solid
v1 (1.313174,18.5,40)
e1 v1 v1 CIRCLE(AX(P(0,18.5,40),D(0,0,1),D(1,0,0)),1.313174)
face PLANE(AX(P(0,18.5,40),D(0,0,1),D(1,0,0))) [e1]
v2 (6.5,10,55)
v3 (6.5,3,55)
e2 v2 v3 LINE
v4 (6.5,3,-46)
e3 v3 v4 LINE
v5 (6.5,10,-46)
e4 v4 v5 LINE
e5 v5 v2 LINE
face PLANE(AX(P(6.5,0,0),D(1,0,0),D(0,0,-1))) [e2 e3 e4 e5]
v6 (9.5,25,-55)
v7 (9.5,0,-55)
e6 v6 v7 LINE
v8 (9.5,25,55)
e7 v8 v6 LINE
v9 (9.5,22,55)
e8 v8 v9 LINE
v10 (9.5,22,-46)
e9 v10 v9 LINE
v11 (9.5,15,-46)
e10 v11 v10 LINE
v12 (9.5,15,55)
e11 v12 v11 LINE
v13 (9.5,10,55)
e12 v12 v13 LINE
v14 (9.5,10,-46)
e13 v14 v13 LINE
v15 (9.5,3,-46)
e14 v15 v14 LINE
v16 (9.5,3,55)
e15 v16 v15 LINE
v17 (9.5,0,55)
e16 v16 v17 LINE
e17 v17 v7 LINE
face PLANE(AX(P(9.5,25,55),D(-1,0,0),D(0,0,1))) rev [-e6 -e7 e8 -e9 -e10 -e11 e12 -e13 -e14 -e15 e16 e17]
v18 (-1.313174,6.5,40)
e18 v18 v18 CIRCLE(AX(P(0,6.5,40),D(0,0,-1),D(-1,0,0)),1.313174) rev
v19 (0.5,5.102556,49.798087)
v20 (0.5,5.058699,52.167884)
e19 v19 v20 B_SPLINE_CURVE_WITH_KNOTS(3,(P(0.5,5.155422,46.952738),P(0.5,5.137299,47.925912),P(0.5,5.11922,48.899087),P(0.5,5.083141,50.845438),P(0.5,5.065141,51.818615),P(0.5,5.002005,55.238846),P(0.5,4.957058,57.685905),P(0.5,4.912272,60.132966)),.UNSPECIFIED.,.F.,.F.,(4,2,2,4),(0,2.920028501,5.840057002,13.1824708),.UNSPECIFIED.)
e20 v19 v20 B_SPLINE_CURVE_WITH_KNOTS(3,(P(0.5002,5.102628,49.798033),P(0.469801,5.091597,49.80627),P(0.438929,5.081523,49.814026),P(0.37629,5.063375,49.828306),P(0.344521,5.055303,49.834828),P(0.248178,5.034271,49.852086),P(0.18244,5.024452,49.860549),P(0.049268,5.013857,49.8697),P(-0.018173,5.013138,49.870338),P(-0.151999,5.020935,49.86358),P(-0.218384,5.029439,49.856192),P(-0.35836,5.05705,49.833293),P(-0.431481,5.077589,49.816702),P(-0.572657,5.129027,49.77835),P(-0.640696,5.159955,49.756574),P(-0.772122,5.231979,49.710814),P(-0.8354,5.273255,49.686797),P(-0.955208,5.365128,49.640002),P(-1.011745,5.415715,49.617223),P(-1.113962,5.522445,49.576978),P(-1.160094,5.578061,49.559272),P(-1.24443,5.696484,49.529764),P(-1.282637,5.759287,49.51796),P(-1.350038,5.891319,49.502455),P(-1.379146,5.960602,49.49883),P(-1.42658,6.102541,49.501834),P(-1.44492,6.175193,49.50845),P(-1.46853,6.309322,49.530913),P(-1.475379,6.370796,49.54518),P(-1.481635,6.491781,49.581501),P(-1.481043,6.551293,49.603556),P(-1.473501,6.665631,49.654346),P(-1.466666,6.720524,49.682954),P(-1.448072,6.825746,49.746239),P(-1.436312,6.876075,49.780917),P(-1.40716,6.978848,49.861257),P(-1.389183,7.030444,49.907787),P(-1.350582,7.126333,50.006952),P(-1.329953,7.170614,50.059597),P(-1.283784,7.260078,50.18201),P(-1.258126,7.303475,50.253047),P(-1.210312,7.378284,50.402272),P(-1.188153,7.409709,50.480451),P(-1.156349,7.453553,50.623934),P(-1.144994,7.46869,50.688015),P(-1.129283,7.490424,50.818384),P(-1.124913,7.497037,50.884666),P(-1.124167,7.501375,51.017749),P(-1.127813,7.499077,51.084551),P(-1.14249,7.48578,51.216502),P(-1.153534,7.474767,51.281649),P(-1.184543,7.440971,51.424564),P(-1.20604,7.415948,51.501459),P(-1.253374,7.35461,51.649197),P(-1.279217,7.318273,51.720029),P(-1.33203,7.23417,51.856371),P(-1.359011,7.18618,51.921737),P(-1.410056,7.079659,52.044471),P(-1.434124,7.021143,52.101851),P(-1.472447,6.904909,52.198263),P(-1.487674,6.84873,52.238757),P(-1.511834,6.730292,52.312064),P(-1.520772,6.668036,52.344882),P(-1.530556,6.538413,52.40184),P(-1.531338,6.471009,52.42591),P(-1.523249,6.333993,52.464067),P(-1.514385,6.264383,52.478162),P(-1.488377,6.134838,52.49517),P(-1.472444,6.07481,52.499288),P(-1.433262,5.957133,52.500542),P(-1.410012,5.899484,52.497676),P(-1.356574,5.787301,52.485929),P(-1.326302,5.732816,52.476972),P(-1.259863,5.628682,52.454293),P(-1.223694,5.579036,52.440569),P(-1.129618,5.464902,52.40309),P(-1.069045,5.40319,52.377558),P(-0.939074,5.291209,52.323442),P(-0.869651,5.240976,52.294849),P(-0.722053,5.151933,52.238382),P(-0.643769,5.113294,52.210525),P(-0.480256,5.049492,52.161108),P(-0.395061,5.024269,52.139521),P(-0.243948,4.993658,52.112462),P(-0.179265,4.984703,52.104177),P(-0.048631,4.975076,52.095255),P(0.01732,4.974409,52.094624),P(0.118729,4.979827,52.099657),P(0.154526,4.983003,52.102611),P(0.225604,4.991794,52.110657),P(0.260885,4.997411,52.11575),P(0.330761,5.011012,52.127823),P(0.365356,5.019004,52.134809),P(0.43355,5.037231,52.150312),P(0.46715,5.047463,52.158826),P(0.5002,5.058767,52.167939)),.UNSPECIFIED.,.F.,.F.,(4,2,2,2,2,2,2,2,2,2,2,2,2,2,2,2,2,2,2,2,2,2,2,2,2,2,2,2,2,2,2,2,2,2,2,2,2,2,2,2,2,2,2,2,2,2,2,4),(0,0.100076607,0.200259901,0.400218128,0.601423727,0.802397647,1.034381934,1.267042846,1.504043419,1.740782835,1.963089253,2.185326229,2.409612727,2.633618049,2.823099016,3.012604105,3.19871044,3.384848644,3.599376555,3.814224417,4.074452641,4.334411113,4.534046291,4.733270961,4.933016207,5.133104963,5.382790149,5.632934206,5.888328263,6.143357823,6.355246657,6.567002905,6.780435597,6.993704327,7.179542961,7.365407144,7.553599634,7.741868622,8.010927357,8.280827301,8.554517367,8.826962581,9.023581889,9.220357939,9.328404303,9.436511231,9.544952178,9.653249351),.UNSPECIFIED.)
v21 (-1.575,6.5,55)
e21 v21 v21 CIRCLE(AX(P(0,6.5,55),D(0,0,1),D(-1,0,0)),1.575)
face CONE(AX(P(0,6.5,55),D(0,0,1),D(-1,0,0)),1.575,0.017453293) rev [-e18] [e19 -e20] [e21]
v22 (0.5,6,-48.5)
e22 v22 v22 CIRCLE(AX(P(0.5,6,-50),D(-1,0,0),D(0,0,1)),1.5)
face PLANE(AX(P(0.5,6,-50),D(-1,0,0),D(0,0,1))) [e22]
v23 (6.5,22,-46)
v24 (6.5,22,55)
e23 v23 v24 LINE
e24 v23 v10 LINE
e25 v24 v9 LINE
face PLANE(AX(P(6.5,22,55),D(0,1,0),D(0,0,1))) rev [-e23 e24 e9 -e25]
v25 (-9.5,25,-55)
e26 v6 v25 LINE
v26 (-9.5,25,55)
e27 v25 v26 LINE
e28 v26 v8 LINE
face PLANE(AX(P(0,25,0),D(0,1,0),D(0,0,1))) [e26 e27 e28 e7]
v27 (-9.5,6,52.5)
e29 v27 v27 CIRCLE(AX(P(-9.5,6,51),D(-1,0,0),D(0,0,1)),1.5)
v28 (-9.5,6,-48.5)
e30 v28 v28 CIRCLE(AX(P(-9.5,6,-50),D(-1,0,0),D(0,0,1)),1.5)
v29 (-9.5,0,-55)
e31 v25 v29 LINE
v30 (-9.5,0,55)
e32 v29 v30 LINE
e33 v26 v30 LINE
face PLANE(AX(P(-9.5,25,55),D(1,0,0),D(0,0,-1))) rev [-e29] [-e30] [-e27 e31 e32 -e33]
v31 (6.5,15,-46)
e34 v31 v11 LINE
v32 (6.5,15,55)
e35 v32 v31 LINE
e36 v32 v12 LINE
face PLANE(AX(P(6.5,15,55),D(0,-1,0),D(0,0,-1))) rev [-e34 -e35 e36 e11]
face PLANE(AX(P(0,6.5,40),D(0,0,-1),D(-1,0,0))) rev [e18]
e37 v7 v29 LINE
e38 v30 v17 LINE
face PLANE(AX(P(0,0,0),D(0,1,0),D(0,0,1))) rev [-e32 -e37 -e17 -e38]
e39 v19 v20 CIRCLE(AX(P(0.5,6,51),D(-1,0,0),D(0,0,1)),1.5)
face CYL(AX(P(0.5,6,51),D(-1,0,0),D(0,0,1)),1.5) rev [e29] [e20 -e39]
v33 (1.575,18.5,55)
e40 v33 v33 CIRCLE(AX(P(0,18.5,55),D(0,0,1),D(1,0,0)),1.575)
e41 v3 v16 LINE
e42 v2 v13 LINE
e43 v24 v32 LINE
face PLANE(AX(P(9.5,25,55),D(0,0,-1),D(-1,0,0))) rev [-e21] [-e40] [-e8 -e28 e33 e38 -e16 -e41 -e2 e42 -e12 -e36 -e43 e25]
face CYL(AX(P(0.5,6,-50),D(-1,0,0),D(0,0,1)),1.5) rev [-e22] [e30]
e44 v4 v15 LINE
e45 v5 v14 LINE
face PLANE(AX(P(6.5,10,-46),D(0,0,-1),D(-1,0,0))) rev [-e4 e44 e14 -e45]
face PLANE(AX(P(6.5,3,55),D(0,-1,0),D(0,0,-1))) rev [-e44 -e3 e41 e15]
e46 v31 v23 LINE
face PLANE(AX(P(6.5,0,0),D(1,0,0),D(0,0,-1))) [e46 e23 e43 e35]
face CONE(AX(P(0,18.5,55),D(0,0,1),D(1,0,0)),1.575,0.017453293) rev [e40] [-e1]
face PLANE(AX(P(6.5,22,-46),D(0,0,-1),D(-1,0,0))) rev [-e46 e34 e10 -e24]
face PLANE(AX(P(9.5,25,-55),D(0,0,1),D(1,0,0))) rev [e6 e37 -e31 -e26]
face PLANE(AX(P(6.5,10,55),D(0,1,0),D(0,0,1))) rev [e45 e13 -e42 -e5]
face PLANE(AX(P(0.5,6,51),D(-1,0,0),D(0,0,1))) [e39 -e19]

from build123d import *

# Parameters (mm, degrees)
SKETCH1_W                    = 19
SKETCH1_H                    = 110
BLOCK_DEPTH                  = 25
SKETCH2_W                    = 101
SKETCH2_H                    = 7
SLIDES_DEPTH                 = 3
SKETCH3_R                    = 1.5
MOUNTING_HOLES_DEPTH         = 10
SKETCH5_R                    = 1.575
CUT_EXTRUDE1_DEPTH           = 15
CUT_EXTRUDE1_DRAFT           = -1
CUT_EXTRUDE1_PROFILE_2_DEPTH = 15
CUT_EXTRUDE1_PROFILE_2_DRAFT = -1


with BuildPart() as part:
    # Sketch1 → Block (new body)
    with BuildSketch(Plane(origin=(0, 0, 0), x_dir=(1, 0, 0), z_dir=(0, 1, 0))):
        Rectangle(SKETCH1_W, SKETCH1_H)
    extrude(amount=BLOCK_DEPTH)

    # Sketch2 → Slides (cut)
    with BuildSketch(Plane(origin=(9.5, 0, 0), x_dir=(0, 0, -1), z_dir=(1, 0, 0))):
        with Locations((-4.5, 6.5)):
            Rectangle(SKETCH2_W, SKETCH2_H)
        with Locations((-4.5, 18.5)):
            Rectangle(SKETCH2_W, SKETCH2_H)
    extrude(amount=-SLIDES_DEPTH, mode=Mode.SUBTRACT)

    # Sketch3 → Mounting Holes (cut)
    with BuildSketch(Plane.ZY.offset(9.5)):
        with Locations((-50, 6)):
            Circle(SKETCH3_R)
        with Locations((51, 6)):
            Circle(SKETCH3_R)
    extrude(amount=-MOUNTING_HOLES_DEPTH, mode=Mode.SUBTRACT)


with BuildPart() as cut_extrude1_tool:
    # Sketch5 → Cut-Extrude1 (with draft: the straight prism first)
    with BuildSketch(Plane.XY.offset(55)):
        with Locations((0, 18.5)):
            Circle(SKETCH5_R)
    extrude(amount=-CUT_EXTRUDE1_DEPTH)
    # Cut-Extrude1: the draft: its side faces are tilted about the plane it starts from
    cut_extrude1_sides = [cut_extrude1_tool.faces().sort_by_distance(p)[0] for p in [
        (-1.575, 18.5, 47.5),
    ]]
    draft(cut_extrude1_sides, Plane.XY.offset(55), CUT_EXTRUDE1_DRAFT)


with BuildPart() as part_1:
    add(part.part)

    # Cut-Extrude1: cut by cut_extrude1_tool
    add(cut_extrude1_tool.part, mode=Mode.SUBTRACT)


with BuildPart() as cut_extrude1_profile_2_tool:
    # Sketch5 → Cut-Extrude1 profile 2 (with draft: the straight prism first)
    with BuildSketch(Plane.XY.offset(55)):
        with Locations((0, 6.5)):
            Circle(SKETCH5_R)
    extrude(amount=-CUT_EXTRUDE1_PROFILE_2_DEPTH)
    # Cut-Extrude1 profile 2: the draft: its side faces are tilted about the plane it starts from
    cut_extrude1_profile_2_sides = [cut_extrude1_profile_2_tool.faces().sort_by_distance(p)[0] for p in [
        (-1.575, 6.5, 47.5),
    ]]
    draft(cut_extrude1_profile_2_sides, Plane.XY.offset(55), CUT_EXTRUDE1_PROFILE_2_DRAFT)


with BuildPart() as part_2:
    add(part_1.part)

    # Cut-Extrude1 profile 2: cut by cut_extrude1_profile_2_tool
    add(cut_extrude1_profile_2_tool.part, mode=Mode.SUBTRACT)


solid = part_2.part
